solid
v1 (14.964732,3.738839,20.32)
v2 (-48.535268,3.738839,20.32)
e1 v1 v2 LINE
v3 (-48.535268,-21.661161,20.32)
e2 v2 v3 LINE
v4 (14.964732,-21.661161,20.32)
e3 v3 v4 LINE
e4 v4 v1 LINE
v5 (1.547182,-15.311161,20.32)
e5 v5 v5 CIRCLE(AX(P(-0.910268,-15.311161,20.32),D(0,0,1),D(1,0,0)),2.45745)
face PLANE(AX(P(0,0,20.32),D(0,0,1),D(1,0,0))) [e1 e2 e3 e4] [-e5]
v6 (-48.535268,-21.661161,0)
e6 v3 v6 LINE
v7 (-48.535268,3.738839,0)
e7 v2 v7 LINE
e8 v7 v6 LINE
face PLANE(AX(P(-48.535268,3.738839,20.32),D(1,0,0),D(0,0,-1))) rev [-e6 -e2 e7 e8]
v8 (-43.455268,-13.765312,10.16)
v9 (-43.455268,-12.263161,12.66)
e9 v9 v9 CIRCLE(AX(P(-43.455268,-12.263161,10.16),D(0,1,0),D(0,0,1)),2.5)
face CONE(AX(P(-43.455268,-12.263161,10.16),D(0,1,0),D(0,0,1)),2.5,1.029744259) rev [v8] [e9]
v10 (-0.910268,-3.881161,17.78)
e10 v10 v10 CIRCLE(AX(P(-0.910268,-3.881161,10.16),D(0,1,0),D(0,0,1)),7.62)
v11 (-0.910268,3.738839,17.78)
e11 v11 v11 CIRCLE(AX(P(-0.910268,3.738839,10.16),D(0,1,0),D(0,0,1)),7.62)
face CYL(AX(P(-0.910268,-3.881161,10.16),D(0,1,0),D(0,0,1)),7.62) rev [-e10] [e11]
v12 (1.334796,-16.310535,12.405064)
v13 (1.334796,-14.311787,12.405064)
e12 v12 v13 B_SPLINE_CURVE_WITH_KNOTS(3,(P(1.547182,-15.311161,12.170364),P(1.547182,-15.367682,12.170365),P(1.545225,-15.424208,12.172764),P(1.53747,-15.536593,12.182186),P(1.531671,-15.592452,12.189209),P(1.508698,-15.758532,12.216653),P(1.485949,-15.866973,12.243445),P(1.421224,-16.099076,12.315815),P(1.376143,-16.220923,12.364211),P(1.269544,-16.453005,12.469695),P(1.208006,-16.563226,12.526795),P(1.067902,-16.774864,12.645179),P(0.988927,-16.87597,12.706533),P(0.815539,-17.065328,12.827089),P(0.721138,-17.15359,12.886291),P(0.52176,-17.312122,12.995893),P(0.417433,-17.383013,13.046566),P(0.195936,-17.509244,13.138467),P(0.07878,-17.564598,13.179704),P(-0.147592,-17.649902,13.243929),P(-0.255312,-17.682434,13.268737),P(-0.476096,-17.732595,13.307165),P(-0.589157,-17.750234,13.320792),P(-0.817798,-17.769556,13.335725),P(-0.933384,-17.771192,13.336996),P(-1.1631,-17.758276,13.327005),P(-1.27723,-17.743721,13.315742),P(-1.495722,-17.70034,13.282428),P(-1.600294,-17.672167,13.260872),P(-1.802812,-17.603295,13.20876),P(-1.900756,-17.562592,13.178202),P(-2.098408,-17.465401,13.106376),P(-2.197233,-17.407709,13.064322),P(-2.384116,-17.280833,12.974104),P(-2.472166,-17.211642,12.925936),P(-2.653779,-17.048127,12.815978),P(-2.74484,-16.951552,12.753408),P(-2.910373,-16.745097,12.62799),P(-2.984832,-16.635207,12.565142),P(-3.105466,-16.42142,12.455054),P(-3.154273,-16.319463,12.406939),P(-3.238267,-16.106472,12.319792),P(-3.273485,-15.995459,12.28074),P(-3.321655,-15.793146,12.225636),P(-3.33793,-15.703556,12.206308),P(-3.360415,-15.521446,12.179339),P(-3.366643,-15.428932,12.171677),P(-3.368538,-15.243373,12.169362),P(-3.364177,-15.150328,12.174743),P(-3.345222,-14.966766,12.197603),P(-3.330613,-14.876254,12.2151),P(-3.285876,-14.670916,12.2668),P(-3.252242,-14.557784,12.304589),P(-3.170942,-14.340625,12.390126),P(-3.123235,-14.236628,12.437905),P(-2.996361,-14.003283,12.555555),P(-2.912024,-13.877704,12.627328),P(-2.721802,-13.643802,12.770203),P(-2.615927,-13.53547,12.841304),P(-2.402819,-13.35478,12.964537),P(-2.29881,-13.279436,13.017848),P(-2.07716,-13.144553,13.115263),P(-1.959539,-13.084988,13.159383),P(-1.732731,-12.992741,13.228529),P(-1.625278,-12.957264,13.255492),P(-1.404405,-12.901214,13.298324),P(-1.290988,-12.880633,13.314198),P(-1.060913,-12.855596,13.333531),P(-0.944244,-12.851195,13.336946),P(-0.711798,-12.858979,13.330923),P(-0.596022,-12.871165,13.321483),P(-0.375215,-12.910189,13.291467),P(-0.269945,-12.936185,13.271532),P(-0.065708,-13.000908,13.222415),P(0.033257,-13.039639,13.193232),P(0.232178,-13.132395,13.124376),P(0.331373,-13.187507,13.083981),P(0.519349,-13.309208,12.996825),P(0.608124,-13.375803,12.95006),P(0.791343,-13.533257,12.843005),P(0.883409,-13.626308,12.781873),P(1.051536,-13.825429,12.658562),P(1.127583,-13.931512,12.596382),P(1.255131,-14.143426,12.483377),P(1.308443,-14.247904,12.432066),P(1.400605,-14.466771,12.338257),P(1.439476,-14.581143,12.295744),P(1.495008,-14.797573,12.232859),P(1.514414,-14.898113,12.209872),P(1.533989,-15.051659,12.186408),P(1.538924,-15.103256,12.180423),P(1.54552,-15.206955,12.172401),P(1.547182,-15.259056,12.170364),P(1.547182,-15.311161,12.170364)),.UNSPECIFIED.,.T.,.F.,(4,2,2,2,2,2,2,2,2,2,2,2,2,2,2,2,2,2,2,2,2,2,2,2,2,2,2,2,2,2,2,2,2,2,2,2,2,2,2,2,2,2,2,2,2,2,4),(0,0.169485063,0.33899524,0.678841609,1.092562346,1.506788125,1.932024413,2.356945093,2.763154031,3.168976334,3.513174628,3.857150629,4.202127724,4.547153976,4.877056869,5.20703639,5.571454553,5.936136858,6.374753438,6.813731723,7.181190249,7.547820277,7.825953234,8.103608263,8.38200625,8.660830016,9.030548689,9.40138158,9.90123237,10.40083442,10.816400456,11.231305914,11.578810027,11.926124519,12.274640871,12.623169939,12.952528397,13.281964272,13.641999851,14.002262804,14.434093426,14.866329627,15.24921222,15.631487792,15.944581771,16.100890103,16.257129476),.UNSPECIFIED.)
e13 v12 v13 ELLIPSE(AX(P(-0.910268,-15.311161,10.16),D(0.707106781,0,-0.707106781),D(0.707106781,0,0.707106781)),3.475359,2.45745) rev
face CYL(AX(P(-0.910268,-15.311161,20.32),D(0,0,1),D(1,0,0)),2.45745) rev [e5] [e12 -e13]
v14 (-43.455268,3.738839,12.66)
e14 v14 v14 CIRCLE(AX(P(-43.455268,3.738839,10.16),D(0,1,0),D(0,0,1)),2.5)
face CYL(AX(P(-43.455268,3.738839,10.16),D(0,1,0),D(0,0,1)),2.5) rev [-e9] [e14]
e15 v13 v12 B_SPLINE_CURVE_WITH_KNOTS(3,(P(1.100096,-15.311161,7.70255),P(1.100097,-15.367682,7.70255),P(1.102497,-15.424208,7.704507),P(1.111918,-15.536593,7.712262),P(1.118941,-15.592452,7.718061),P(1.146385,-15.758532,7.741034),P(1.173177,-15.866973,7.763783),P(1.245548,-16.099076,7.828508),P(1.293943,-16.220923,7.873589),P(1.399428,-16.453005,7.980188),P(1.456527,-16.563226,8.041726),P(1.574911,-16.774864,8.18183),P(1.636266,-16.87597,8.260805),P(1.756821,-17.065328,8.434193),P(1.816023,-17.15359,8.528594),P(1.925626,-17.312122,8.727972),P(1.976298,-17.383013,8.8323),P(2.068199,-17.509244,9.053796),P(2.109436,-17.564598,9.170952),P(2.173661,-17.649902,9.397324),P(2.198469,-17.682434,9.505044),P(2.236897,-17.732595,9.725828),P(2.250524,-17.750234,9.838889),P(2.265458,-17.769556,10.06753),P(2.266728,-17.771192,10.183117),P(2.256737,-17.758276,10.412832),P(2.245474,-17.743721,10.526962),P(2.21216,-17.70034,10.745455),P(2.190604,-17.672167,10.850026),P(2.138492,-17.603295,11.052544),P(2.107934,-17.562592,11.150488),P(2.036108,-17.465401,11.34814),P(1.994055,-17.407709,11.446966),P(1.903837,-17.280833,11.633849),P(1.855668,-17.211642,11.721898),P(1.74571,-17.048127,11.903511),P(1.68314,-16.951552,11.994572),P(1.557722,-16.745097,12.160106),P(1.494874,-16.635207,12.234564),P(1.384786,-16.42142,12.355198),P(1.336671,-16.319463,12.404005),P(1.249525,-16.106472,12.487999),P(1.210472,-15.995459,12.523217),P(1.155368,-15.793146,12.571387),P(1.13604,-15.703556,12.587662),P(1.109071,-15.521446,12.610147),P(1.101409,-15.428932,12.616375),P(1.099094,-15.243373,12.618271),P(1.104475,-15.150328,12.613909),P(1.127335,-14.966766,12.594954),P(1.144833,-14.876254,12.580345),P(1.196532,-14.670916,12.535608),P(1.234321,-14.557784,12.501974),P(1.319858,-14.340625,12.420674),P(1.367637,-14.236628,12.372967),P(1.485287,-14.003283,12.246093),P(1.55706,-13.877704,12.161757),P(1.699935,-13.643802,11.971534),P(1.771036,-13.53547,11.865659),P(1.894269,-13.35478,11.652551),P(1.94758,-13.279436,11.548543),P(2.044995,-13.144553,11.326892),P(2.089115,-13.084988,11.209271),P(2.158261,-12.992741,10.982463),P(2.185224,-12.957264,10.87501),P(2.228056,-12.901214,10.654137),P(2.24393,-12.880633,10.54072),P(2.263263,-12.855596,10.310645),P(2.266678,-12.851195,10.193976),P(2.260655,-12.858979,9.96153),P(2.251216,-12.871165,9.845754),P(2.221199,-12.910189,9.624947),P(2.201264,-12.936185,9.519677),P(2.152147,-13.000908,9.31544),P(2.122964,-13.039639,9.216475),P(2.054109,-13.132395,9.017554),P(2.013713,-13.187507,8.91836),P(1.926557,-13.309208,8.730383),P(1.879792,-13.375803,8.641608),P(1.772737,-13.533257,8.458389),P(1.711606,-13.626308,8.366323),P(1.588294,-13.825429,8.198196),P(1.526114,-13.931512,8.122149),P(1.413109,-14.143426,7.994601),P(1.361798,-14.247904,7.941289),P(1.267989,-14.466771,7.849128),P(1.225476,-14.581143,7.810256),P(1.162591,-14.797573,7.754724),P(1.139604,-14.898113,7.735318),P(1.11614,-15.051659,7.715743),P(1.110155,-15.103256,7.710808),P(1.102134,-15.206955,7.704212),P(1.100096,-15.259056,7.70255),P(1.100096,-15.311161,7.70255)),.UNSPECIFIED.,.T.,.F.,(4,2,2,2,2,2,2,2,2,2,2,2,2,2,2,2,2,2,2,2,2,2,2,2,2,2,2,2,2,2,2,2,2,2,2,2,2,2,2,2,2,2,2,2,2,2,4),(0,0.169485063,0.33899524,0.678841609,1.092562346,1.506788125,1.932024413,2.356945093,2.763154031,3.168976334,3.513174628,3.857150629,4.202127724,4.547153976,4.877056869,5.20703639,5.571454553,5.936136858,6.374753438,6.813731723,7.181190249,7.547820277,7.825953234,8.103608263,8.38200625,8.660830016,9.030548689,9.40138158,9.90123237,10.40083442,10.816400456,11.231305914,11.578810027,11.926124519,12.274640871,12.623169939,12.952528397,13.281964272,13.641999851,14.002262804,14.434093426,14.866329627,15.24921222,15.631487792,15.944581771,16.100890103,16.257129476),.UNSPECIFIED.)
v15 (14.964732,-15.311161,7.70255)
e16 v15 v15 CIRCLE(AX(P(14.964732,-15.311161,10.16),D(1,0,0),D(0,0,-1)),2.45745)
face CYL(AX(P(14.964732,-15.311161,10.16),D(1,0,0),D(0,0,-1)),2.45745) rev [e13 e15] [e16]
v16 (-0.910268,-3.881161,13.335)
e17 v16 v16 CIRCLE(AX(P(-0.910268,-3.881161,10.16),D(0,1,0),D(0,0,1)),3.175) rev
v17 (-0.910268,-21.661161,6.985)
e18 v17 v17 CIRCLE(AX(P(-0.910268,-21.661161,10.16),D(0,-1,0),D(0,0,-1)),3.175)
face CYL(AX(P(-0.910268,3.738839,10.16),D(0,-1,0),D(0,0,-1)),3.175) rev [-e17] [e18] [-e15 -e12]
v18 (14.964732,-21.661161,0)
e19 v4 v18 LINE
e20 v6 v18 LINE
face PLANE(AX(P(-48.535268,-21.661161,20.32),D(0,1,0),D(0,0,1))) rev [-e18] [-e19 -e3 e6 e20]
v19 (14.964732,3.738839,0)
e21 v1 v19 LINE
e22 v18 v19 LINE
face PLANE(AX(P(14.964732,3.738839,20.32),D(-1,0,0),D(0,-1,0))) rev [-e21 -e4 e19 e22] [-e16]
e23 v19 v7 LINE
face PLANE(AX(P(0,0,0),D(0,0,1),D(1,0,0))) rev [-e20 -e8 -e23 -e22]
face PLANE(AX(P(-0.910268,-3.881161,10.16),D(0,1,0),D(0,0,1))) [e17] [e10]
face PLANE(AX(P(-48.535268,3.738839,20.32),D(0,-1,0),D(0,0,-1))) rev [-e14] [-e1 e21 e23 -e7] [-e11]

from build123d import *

# Parameters (mm, degrees)
SKETCH1_W                        = 63.5
SKETCH1_H                        = 25.4
BOSS_EXTRUDE1_DEPTH              = 20.32
F_10_0_1935_DIAMETER_HOLE1_D     = 4.9149
F_10_0_1935_DIAMETER_HOLE1_DEPTH = 15.875
F_10_0_1935_DIAMETER_HOLE1_TIP   = 1.476584928
F_10_0_1935_DIAMETER_HOLE2_D     = 4.9149
F_10_0_1935_DIAMETER_HOLE2_DEPTH = 10.16
F_10_0_1935_DIAMETER_HOLE2_TIP   = 1.476584928
SKETCH6_R                        = 3.175
CUT_EXTRUDE1_DEPTH               = 59.427173695
SKETCH7_R                        = 7.62
CUT_EXTRUDE2_DEPTH               = 7.62
TAP_DRILL_FOR_M6X1_0_TAP1_D      = 5
TAP_DRILL_FOR_M6X1_0_TAP1_DEPTH  = 16.002
TAP_DRILL_FOR_M6X1_0_TAP1_TIP    = 1.502151548


with BuildPart() as part:
    # Sketch1 → Boss-Extrude1 (new body)
    with BuildSketch(Plane.XY):
        with Locations((-16.785267857, -8.961160714)):
            Rectangle(SKETCH1_W, SKETCH1_H)
    extrude(amount=BOSS_EXTRUDE1_DEPTH)

    # #10 (0.1935) Diameter Hole1
    with Locations(Plane(origin=(14.964732143, 0, 0), x_dir=(0, 0, -1), z_dir=(1, 0, 0))):
        with Locations((-10.16, -15.311160714)):
            Hole(F_10_0_1935_DIAMETER_HOLE1_D / 2, depth=F_10_0_1935_DIAMETER_HOLE1_DEPTH)
            with Locations((0, 0, -(F_10_0_1935_DIAMETER_HOLE1_DEPTH + F_10_0_1935_DIAMETER_HOLE1_TIP / 2))):  # 118° drill point
                Cone(0, F_10_0_1935_DIAMETER_HOLE1_D / 2, F_10_0_1935_DIAMETER_HOLE1_TIP, mode=Mode.SUBTRACT)

    # #10 (0.1935) Diameter Hole2
    with Locations(Plane.XY.offset(20.32)):
        with Locations((-0.910267857, -15.311160714)):
            Hole(F_10_0_1935_DIAMETER_HOLE2_D / 2, depth=F_10_0_1935_DIAMETER_HOLE2_DEPTH)
            with Locations((0, 0, -(F_10_0_1935_DIAMETER_HOLE2_DEPTH + F_10_0_1935_DIAMETER_HOLE2_TIP / 2))):  # 118° drill point
                Cone(0, F_10_0_1935_DIAMETER_HOLE2_D / 2, F_10_0_1935_DIAMETER_HOLE2_TIP, mode=Mode.SUBTRACT)

    # Sketch6 → Cut-Extrude1 (cut, through all)
    with BuildSketch(Plane(origin=(0, -21.661160714, 0), x_dir=(-1, 0, 0), z_dir=(0, -1, 0))):
        with Locations(Location((0.910267857, -10.16, 0), (0, 0, 90))):
            Circle(SKETCH6_R)
    extrude(amount=-CUT_EXTRUDE1_DEPTH, mode=Mode.SUBTRACT)

    # Sketch7 → Cut-Extrude2 (cut)
    with BuildSketch(Plane(origin=(0, 3.738839286, 0), x_dir=(1, 0, 0), z_dir=(0, 1, 0))):
        with Locations(Location((-0.910267857, -10.16, 0), (0, 0, 270))):
            Circle(SKETCH7_R)
    extrude(amount=-CUT_EXTRUDE2_DEPTH, mode=Mode.SUBTRACT)

    # Tap Drill for M6x1.0 Tap1
    with Locations(Plane(origin=(0, 3.738839286, 0), x_dir=(1, 0, 0), z_dir=(0, 1, 0))):
        with Locations((-43.455267857, -10.16)):
            Hole(TAP_DRILL_FOR_M6X1_0_TAP1_D / 2, depth=TAP_DRILL_FOR_M6X1_0_TAP1_DEPTH)
            with Locations((0, 0, -(TAP_DRILL_FOR_M6X1_0_TAP1_DEPTH + TAP_DRILL_FOR_M6X1_0_TAP1_TIP / 2))):  # 118° drill point
                Cone(0, TAP_DRILL_FOR_M6X1_0_TAP1_D / 2, TAP_DRILL_FOR_M6X1_0_TAP1_TIP, mode=Mode.SUBTRACT)


solid = part.part
